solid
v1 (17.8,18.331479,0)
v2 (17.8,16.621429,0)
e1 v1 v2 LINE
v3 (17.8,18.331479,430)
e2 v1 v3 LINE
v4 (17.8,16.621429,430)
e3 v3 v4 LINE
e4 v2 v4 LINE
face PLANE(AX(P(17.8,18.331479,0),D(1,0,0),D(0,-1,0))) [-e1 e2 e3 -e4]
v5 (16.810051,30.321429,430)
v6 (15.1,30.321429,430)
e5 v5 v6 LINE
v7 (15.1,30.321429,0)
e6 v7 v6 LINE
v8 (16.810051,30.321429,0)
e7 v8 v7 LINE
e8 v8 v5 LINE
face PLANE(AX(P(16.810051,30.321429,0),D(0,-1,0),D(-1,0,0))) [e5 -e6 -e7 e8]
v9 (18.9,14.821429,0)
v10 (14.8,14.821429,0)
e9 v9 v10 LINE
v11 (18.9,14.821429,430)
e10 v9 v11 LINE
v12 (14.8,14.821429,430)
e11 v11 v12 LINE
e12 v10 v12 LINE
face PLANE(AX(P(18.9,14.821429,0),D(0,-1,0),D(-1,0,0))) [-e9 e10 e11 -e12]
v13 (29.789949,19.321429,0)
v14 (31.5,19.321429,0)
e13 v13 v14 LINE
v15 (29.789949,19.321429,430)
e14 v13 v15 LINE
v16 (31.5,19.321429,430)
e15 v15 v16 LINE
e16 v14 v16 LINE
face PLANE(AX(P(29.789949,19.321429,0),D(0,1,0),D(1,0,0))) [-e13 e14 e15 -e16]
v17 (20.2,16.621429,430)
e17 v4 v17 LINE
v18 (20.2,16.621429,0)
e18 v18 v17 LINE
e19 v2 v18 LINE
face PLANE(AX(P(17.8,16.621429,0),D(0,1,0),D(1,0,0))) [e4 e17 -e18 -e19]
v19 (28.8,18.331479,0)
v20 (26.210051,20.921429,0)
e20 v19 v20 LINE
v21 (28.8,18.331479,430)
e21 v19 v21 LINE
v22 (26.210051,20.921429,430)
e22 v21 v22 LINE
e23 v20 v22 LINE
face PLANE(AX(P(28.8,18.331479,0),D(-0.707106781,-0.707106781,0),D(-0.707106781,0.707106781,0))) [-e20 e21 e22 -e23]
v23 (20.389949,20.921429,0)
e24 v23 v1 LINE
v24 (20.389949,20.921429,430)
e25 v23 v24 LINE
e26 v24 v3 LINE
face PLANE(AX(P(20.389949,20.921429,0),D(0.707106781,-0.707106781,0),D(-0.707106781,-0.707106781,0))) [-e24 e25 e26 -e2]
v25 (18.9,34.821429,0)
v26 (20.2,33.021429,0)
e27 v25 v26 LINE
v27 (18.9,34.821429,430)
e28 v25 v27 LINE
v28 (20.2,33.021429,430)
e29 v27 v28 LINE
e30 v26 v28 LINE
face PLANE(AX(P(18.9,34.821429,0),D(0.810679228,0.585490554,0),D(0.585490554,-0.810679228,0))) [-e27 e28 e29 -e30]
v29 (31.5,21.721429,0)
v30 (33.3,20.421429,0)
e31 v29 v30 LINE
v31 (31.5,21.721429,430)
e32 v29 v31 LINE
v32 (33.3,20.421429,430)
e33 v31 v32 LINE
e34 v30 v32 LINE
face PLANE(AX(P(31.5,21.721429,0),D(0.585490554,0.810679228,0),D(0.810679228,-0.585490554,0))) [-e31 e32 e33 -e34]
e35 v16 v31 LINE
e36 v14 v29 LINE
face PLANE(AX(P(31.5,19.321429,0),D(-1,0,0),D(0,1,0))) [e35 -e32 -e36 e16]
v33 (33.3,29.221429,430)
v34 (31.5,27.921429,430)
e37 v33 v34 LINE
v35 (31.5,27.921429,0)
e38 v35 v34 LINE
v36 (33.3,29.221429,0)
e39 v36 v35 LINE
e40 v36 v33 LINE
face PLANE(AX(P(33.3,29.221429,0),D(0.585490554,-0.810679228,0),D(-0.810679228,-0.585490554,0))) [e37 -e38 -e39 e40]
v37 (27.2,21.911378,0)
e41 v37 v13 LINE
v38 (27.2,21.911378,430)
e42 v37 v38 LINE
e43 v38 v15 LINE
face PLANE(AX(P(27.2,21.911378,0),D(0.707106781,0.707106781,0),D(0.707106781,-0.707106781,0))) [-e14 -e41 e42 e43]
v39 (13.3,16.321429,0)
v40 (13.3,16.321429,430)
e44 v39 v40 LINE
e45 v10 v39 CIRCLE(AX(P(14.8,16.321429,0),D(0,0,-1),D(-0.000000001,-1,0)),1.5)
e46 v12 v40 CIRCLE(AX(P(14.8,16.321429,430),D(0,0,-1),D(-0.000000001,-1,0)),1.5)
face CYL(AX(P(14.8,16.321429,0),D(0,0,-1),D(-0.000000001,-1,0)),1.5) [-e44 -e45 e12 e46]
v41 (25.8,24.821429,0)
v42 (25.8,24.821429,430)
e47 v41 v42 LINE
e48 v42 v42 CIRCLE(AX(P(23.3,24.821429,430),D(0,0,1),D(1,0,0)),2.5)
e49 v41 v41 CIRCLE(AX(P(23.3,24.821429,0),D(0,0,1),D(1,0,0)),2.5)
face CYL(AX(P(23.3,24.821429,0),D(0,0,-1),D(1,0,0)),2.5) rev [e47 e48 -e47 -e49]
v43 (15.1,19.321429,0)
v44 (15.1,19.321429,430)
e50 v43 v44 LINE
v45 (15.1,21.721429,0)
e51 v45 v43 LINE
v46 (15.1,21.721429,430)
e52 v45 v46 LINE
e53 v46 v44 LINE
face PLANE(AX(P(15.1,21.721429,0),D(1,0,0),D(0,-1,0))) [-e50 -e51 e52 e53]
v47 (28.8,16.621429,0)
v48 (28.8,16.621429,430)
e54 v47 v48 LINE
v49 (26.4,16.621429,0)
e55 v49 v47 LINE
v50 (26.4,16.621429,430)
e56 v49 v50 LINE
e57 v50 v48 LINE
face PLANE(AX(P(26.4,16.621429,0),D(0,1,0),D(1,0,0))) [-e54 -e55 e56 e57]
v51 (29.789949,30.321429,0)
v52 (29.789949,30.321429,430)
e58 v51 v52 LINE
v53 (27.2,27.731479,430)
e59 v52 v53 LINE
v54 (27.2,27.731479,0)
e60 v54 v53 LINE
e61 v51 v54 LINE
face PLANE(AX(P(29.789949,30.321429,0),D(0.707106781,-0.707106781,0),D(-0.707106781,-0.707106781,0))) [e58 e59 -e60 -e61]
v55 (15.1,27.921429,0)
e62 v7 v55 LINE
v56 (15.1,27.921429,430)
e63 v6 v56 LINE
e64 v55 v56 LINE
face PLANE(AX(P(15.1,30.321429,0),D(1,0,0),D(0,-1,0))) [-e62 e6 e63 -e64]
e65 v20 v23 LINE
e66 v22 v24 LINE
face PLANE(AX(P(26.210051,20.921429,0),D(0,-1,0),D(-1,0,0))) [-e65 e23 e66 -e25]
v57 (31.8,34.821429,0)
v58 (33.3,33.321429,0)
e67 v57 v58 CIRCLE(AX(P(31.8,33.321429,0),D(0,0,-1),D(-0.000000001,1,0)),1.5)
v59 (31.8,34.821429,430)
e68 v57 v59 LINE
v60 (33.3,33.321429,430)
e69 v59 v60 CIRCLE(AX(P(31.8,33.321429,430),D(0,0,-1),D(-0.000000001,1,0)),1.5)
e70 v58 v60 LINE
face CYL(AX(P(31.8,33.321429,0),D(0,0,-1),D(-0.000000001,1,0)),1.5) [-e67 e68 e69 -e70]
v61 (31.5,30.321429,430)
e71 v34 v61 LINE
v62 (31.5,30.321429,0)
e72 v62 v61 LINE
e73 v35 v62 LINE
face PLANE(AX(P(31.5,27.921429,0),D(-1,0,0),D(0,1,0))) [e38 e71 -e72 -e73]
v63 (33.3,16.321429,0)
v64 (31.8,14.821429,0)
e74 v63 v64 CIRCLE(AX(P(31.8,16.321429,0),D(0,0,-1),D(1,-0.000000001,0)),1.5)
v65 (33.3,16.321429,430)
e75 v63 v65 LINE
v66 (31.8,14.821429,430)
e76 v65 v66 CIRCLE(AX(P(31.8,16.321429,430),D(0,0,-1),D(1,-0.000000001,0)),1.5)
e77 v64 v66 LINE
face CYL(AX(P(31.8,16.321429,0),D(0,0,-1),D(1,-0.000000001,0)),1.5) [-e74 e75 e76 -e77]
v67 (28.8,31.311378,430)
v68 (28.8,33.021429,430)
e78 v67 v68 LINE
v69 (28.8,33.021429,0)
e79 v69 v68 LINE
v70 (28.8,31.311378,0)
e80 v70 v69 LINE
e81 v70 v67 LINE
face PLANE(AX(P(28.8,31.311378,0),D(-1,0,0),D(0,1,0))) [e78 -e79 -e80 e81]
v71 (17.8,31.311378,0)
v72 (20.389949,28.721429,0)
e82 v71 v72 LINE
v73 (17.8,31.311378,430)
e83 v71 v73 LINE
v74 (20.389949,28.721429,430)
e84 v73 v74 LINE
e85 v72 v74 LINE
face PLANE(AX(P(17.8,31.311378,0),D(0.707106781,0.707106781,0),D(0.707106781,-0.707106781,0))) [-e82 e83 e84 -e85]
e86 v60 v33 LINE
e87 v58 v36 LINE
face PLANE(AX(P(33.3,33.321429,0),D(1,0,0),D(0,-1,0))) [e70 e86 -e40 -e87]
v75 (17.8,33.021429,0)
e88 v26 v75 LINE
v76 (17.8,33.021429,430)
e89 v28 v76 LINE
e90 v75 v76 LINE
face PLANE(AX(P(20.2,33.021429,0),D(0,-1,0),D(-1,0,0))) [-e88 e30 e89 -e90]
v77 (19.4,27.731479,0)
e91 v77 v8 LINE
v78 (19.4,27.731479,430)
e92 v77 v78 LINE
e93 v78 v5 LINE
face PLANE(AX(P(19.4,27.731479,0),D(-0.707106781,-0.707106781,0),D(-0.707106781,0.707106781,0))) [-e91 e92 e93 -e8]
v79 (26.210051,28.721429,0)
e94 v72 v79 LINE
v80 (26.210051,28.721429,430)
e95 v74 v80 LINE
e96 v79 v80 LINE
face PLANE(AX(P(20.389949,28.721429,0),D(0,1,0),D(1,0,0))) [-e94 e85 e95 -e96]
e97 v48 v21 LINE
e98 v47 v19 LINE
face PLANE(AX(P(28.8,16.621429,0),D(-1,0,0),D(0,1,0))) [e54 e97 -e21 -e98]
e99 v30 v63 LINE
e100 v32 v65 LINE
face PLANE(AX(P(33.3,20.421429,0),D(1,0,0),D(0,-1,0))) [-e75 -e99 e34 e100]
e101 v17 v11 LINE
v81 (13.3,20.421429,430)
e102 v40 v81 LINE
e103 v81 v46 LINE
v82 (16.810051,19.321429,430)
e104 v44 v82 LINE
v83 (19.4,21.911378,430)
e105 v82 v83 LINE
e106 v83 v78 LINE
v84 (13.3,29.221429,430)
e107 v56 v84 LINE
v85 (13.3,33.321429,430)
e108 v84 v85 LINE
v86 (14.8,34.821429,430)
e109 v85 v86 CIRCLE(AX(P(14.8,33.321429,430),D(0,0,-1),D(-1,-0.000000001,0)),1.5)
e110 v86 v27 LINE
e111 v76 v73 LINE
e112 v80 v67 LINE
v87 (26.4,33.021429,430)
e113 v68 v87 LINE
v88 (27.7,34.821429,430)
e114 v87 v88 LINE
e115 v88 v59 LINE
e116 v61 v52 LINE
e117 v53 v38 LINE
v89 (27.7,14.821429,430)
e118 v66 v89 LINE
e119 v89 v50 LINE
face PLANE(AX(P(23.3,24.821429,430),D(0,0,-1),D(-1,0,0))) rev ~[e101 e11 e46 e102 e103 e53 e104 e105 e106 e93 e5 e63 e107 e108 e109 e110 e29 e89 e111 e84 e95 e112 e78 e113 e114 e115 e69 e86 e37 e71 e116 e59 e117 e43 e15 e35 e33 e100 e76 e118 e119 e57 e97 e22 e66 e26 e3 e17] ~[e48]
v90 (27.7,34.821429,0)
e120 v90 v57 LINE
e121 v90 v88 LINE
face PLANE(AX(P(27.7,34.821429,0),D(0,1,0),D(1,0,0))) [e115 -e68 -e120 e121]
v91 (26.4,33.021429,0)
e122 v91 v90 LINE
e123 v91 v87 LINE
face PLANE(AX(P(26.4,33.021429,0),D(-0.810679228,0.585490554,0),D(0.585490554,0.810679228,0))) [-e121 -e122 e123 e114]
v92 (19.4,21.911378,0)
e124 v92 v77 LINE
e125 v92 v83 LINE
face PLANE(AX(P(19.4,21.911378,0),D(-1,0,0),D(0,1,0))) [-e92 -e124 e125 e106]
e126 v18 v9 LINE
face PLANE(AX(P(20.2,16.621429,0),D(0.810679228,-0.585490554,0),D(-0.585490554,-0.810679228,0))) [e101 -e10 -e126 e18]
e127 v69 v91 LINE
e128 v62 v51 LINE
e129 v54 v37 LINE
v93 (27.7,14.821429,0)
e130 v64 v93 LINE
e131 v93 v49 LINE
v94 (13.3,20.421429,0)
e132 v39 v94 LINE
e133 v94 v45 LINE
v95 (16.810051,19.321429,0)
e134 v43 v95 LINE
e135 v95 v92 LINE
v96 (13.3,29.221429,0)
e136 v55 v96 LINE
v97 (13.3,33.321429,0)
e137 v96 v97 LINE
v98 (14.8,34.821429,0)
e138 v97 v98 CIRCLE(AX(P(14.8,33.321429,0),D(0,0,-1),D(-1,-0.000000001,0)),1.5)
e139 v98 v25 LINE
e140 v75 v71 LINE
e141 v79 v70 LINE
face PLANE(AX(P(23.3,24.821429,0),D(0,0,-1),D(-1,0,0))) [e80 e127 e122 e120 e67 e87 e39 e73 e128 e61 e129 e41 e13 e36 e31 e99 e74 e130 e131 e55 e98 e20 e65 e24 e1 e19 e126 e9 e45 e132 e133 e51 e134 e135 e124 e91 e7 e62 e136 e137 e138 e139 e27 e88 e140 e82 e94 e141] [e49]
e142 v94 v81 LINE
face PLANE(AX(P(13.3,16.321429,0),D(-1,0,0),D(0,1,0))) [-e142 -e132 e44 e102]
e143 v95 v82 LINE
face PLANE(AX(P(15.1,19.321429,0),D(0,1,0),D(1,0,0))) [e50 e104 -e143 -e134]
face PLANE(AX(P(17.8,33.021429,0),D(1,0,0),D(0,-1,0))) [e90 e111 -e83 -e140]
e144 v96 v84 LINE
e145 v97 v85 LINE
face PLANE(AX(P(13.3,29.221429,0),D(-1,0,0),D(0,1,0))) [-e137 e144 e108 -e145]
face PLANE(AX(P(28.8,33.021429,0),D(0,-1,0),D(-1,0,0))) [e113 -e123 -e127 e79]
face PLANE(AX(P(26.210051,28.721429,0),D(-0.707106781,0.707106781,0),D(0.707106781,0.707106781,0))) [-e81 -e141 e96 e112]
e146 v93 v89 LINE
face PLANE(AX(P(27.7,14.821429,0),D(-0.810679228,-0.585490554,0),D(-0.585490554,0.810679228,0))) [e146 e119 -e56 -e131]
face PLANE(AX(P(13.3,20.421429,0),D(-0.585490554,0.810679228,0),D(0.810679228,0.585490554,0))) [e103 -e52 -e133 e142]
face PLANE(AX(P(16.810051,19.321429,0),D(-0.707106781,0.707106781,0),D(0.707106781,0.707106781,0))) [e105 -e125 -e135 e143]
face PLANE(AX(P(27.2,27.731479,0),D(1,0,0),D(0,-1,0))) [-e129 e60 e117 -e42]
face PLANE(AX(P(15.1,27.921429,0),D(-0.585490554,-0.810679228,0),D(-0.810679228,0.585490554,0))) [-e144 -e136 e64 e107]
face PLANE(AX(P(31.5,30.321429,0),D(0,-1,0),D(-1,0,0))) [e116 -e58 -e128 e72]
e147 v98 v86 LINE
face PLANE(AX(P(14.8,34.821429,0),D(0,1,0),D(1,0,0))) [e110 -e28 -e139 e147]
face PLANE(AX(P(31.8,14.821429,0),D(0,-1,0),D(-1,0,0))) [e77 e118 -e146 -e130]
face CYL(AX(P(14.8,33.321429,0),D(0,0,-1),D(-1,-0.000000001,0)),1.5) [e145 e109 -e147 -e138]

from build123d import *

# Parameters (mm, degrees)
SKETCH_1_R      = 2.5
EXTRUDE_1_DEPTH = 430


with BuildPart() as part:
    # 草图1 → 凸台-拉伸1 (new body)
    with BuildSketch(Plane.XY):
        with BuildLine():
            Line((14.8, 34.821428571), (18.9, 34.821428571))
            Line((18.9, 34.821428571), (20.2, 33.021428571))
            Line((20.2, 33.021428571), (17.8, 33.021428571))
            Line((17.8, 33.021428571), (17.8, 31.311378065))
            Line((17.8, 31.311378065), (20.389949494, 28.721428571))
            Line((20.389949494, 28.721428571), (26.210050506, 28.721428571))
            Line((26.210050506, 28.721428571), (28.8, 31.311378065))
            Line((28.8, 31.311378065), (28.8, 33.021428571))
            Line((28.8, 33.021428571), (26.4, 33.021428571))
            Line((26.4, 33.021428571), (27.7, 34.821428571))
            Line((27.7, 34.821428571), (31.8, 34.821428571))
            ThreePointArc((31.8, 34.821428571), (32.860660172, 34.382088743), (33.3, 33.321428571))
            Line((33.3, 33.321428571), (33.3, 29.221428571))
            Line((33.3, 29.221428571), (31.5, 27.921428571))
            Line((31.5, 27.921428571), (31.5, 30.321428571))
            Line((31.5, 30.321428571), (29.789949494, 30.321428571))
            Line((29.789949494, 30.321428571), (27.2, 27.731479078))
            Line((27.2, 27.731479078), (27.2, 21.911378065))
            Line((27.2, 21.911378065), (29.789949494, 19.321428571))
            Line((29.789949494, 19.321428571), (31.5, 19.321428571))
            Line((31.5, 19.321428571), (31.5, 21.721428571))
            Line((31.5, 21.721428571), (33.3, 20.421428571))
            Line((33.3, 20.421428571), (33.3, 16.321428571))
            ThreePointArc((33.3, 16.321428571), (32.860660172, 15.2607684), (31.8, 14.821428571))
            Line((31.8, 14.821428571), (27.7, 14.821428571))
            Line((27.7, 14.821428571), (26.4, 16.621428571))
            Line((26.4, 16.621428571), (28.8, 16.621428571))
            Line((28.8, 16.621428571), (28.8, 18.331479078))
            Line((28.8, 18.331479078), (26.210050506, 20.921428571))
            Line((26.210050506, 20.921428571), (20.389949494, 20.921428571))
            Line((20.389949494, 20.921428571), (17.8, 18.331479078))
            Line((17.8, 18.331479078), (17.8, 16.621428571))
            Line((17.8, 16.621428571), (20.2, 16.621428571))
            Line((20.2, 16.621428571), (18.9, 14.821428571))
            Line((18.9, 14.821428571), (14.8, 14.821428571))
            ThreePointArc((14.8, 14.821428571), (13.739339828, 15.2607684), (13.3, 16.321428571))
            Line((13.3, 16.321428571), (13.3, 20.421428571))
            Line((13.3, 20.421428571), (15.1, 21.721428571))
            Line((15.1, 21.721428571), (15.1, 19.321428571))
            Line((15.1, 19.321428571), (16.810050506, 19.321428571))
            Line((16.810050506, 19.321428571), (19.4, 21.911378065))
            Line((19.4, 21.911378065), (19.4, 27.731479078))
            Line((19.4, 27.731479078), (16.810050506, 30.321428571))
            Line((16.810050506, 30.321428571), (15.1, 30.321428571))
            Line((15.1, 30.321428571), (15.1, 27.921428571))
            Line((15.1, 27.921428571), (13.3, 29.221428571))
            Line((13.3, 29.221428571), (13.3, 33.321428571))
            ThreePointArc((13.3, 33.321428571), (13.739339828, 34.382088743), (14.8, 34.821428571))
        make_face()
        with Locations((23.3, 24.821428571)):
            Circle(SKETCH_1_R, mode=Mode.SUBTRACT)
    extrude(amount=EXTRUDE_1_DEPTH)


solid = part.part
